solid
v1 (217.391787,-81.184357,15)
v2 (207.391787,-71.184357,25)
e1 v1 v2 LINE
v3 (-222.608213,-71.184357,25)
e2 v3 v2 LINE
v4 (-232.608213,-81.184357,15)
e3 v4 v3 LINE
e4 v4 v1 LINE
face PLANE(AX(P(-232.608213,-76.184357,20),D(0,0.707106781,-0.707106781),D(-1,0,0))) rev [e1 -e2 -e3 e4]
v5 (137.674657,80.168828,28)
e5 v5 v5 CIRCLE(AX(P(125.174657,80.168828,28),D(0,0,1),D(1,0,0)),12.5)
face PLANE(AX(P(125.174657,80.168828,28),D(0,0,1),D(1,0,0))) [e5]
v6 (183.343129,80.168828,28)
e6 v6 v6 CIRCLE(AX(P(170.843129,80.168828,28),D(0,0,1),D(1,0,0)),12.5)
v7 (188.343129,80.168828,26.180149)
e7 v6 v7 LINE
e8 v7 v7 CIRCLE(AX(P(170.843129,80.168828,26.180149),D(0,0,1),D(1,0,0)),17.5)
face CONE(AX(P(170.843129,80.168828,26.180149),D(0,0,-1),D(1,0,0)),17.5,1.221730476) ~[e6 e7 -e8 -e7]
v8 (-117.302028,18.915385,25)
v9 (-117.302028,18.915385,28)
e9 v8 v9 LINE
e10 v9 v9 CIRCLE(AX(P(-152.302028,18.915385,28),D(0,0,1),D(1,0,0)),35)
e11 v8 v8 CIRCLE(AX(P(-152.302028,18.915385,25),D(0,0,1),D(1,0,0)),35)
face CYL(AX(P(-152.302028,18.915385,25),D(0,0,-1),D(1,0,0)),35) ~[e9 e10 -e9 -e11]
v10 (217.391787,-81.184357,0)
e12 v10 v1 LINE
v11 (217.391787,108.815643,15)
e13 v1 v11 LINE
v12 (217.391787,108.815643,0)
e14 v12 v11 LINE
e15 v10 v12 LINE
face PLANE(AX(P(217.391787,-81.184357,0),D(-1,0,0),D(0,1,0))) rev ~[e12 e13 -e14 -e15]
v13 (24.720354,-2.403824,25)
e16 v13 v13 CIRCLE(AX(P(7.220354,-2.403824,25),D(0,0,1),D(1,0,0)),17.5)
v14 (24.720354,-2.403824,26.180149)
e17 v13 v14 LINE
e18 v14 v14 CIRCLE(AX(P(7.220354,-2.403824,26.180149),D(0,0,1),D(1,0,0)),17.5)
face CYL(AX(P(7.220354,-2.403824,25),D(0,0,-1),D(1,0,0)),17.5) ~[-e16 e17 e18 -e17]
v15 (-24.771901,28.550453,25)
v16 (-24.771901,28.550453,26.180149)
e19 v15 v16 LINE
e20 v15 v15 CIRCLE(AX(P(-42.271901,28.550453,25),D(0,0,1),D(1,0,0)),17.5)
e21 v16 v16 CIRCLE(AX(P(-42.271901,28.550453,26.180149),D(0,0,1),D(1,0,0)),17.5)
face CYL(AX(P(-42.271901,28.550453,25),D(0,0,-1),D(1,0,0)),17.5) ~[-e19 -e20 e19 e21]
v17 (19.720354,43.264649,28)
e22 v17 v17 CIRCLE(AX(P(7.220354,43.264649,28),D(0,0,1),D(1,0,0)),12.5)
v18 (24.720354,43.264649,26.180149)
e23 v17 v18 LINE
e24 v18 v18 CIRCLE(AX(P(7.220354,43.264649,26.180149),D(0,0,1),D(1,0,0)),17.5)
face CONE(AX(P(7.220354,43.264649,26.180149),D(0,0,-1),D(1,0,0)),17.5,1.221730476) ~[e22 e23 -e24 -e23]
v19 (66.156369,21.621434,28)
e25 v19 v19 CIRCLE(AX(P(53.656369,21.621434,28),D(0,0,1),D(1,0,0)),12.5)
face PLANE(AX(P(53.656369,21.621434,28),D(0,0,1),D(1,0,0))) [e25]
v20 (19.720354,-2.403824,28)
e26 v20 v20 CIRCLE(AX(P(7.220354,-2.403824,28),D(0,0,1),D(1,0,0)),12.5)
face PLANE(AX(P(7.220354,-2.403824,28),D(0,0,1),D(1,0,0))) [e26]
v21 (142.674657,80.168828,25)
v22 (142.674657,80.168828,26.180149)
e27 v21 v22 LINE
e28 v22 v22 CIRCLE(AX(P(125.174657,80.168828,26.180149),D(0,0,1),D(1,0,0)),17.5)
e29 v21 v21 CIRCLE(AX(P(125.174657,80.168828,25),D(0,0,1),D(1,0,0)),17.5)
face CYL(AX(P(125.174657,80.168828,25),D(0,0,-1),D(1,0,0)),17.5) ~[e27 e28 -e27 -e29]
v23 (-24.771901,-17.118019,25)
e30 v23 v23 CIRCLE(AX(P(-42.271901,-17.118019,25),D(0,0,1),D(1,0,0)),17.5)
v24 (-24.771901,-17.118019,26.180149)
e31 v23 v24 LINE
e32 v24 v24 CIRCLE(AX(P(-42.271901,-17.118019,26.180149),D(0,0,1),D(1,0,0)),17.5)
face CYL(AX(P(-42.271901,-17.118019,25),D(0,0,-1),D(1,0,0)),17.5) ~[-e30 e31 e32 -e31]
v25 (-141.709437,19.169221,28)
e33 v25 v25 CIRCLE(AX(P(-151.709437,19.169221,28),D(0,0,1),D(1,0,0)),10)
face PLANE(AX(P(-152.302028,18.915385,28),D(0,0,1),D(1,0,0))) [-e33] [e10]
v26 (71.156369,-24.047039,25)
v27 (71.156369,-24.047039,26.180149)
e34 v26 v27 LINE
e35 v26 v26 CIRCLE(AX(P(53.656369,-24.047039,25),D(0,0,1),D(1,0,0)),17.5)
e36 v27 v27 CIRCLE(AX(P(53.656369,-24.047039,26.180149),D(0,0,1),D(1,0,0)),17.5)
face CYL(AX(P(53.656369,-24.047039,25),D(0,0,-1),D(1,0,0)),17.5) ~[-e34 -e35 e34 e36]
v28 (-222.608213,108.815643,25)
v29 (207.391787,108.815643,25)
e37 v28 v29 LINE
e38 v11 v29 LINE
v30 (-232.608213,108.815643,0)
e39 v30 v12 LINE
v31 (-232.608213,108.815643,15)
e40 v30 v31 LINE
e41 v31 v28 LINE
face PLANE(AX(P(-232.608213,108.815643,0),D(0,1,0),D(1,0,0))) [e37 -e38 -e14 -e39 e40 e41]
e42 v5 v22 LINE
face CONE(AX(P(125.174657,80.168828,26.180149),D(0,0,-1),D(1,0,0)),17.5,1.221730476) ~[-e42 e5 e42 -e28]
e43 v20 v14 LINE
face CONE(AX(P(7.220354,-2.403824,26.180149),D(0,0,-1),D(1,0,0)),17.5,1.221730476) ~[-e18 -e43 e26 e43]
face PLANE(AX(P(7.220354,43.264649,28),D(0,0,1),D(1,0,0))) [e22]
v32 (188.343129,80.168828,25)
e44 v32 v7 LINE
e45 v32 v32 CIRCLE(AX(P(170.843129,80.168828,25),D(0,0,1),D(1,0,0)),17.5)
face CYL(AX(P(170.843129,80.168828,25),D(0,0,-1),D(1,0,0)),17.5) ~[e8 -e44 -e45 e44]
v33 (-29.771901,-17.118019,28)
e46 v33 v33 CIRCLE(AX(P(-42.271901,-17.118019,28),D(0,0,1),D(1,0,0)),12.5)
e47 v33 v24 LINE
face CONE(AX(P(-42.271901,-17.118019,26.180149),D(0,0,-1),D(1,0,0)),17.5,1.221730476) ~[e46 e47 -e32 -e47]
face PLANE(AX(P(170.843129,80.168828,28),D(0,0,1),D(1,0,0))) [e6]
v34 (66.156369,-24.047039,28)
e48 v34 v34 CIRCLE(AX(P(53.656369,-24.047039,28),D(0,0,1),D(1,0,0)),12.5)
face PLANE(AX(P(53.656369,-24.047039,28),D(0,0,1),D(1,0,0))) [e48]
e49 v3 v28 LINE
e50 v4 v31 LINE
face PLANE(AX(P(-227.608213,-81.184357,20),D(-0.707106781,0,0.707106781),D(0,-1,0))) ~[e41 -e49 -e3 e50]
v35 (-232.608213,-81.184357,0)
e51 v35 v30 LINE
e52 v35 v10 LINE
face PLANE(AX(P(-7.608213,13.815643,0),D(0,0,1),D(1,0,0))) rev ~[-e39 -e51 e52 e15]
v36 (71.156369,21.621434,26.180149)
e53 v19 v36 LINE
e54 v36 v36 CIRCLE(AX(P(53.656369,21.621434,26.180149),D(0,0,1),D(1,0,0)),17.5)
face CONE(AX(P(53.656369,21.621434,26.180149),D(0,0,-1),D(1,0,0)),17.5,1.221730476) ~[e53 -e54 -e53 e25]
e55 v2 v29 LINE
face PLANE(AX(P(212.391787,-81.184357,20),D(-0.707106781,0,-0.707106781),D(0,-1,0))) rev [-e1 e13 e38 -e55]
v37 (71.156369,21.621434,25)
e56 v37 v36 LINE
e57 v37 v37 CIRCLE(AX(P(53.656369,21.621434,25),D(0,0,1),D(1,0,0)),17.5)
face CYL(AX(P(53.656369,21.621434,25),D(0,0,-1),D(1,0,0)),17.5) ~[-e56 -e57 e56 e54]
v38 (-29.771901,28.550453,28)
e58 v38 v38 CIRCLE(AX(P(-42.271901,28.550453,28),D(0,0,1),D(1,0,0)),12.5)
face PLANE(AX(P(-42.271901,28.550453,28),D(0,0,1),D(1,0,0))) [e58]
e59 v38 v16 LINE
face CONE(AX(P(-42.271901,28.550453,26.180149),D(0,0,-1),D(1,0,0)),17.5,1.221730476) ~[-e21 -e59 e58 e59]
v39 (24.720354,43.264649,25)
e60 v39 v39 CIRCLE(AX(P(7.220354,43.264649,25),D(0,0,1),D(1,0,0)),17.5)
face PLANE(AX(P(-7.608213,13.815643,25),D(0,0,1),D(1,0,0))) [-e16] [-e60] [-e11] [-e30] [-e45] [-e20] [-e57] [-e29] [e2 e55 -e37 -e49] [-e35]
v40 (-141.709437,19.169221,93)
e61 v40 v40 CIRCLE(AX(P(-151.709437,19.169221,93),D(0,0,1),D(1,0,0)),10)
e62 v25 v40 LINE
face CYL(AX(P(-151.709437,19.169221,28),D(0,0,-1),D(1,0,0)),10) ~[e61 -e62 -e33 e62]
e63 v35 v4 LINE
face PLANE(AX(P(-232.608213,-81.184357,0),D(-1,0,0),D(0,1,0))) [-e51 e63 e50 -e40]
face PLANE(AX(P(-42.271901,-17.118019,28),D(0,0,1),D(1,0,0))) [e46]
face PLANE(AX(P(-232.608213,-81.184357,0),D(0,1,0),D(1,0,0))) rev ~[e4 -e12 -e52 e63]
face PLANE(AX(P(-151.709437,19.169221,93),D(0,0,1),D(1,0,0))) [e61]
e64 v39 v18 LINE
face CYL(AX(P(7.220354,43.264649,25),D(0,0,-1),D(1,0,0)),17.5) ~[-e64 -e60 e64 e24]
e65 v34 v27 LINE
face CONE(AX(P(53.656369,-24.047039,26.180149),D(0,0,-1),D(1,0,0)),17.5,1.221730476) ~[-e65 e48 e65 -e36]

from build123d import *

# Parameters (mm, degrees)
F0_W       = 450
F0_H       = 190
F1_DEPTH   = 25
F2_SIZE    = 10
F3_R       = 35
F3_R_2     = 17.5
F4_DEPTH   = 3
F5_SIZE2   = 1.8198511713
F5_SIZE    = 5
F5_2_SIZE2 = 1.8198511713
F5_2_SIZE  = 5
F5_3_SIZE2 = 1.8198511713
F5_3_SIZE  = 5
F5_4_SIZE2 = 1.8198511713
F5_4_SIZE  = 5
F5_5_SIZE2 = 1.8198511713
F5_5_SIZE  = 5
F5_6_SIZE2 = 1.8198511713
F5_6_SIZE  = 5
F5_7_SIZE2 = 1.8198511713
F5_7_SIZE  = 5
F5_8_SIZE2 = 1.8198511713
F5_8_SIZE  = 5
F6_R       = 10
F7_DEPTH   = 65


with BuildPart() as f1:
    # F0 (on Top) → F1 (new body)
    with BuildSketch(Plane.XY):
        with Locations((-7.6082125306, 13.8156425953)):
            Rectangle(F0_W, F0_H)
    extrude(amount=F1_DEPTH)

    # F2
    f2_edges = [f1.edges().sort_by_distance(p)[0] for p in [
        (-232.608213, 13.815643, 25),
        (217.391787, 13.815643, 25),
        (-7.608213, -81.184357, 25),
    ]]
    chamfer(f2_edges, length=F2_SIZE)

    # F3 (on face) → F4 (join)
    with BuildSketch(Plane.XY.offset(25)):
        with Locations((-152.3020284353, 18.9153849379)):
            Circle(F3_R)
        with Locations((-42.2719009221, 28.5504534841)):
            Circle(F3_R_2)
        with Locations((-42.2719009221, -17.1180190518)):
            Circle(F3_R_2)
        with Locations((7.2203539312, 43.2646488771)):
            Circle(F3_R_2)
        with Locations((7.2203539312, -2.4038236588)):
            Circle(F3_R_2)
        with Locations((53.6563685164, 21.6214338434)):
            Circle(F3_R_2)
        with Locations((170.8431290463, 80.1688283682)):
            Circle(F3_R_2)
        with Locations((125.1746565104, 80.1688283682)):
            Circle(F3_R_2)
        with Locations((53.6563685164, -24.0470386925)):
            Circle(F3_R_2)
    extrude(amount=F4_DEPTH)

    # F5
    f5_edges = [f1.edges().sort_by_distance(p)[0] for p in [
        (-59.771901, -17.118019, 28),
    ]]
    f5_side = f1.faces().sort_by_distance((-42.271901, -17.118019, 28))[0]
    chamfer(f5_edges, length=F5_SIZE, length2=F5_SIZE2, reference=f5_side)

    # F5#2
    f5_2_edges = [f1.edges().sort_by_distance(p)[0] for p in [
        (36.156369, -24.047039, 28),
    ]]
    f5_2_side = f1.faces().sort_by_distance((53.656369, -24.047039, 28))[0]
    chamfer(f5_2_edges, length=F5_2_SIZE, length2=F5_2_SIZE2, reference=f5_2_side)

    # F5#3
    f5_3_edges = [f1.edges().sort_by_distance(p)[0] for p in [
        (-10.279646, -2.403824, 28),
    ]]
    f5_3_side = f1.faces().sort_by_distance((7.220354, -2.403824, 28))[0]
    chamfer(f5_3_edges, length=F5_3_SIZE, length2=F5_3_SIZE2, reference=f5_3_side)

    # F5#4
    f5_4_edges = [f1.edges().sort_by_distance(p)[0] for p in [
        (36.156369, 21.621434, 28),
    ]]
    f5_4_side = f1.faces().sort_by_distance((53.656369, 21.621434, 28))[0]
    chamfer(f5_4_edges, length=F5_4_SIZE, length2=F5_4_SIZE2, reference=f5_4_side)

    # F5#5
    f5_5_edges = [f1.edges().sort_by_distance(p)[0] for p in [
        (-59.771901, 28.550453, 28),
    ]]
    f5_5_side = f1.faces().sort_by_distance((-42.271901, 28.550453, 28))[0]
    chamfer(f5_5_edges, length=F5_5_SIZE, length2=F5_5_SIZE2, reference=f5_5_side)

    # F5#6
    f5_6_edges = [f1.edges().sort_by_distance(p)[0] for p in [
        (-10.279646, 43.264649, 28),
    ]]
    f5_6_side = f1.faces().sort_by_distance((7.220354, 43.264649, 28))[0]
    chamfer(f5_6_edges, length=F5_6_SIZE, length2=F5_6_SIZE2, reference=f5_6_side)

    # F5#7
    f5_7_edges = [f1.edges().sort_by_distance(p)[0] for p in [
        (107.674657, 80.168828, 28),
    ]]
    f5_7_side = f1.faces().sort_by_distance((125.174657, 80.168828, 28))[0]
    chamfer(f5_7_edges, length=F5_7_SIZE, length2=F5_7_SIZE2, reference=f5_7_side)

    # F5#8
    f5_8_edges = [f1.edges().sort_by_distance(p)[0] for p in [
        (153.343129, 80.168828, 28),
    ]]
    f5_8_side = f1.faces().sort_by_distance((170.843129, 80.168828, 28))[0]
    chamfer(f5_8_edges, length=F5_8_SIZE, length2=F5_8_SIZE2, reference=f5_8_side)

    # F6 (on face) → F7 (join)
    with BuildSketch(Plane.XY.offset(28)):
        with Locations((-151.709437467, 19.1692207788)):
            Circle(F6_R)
    extrude(amount=F7_DEPTH)


solid = f1.part
